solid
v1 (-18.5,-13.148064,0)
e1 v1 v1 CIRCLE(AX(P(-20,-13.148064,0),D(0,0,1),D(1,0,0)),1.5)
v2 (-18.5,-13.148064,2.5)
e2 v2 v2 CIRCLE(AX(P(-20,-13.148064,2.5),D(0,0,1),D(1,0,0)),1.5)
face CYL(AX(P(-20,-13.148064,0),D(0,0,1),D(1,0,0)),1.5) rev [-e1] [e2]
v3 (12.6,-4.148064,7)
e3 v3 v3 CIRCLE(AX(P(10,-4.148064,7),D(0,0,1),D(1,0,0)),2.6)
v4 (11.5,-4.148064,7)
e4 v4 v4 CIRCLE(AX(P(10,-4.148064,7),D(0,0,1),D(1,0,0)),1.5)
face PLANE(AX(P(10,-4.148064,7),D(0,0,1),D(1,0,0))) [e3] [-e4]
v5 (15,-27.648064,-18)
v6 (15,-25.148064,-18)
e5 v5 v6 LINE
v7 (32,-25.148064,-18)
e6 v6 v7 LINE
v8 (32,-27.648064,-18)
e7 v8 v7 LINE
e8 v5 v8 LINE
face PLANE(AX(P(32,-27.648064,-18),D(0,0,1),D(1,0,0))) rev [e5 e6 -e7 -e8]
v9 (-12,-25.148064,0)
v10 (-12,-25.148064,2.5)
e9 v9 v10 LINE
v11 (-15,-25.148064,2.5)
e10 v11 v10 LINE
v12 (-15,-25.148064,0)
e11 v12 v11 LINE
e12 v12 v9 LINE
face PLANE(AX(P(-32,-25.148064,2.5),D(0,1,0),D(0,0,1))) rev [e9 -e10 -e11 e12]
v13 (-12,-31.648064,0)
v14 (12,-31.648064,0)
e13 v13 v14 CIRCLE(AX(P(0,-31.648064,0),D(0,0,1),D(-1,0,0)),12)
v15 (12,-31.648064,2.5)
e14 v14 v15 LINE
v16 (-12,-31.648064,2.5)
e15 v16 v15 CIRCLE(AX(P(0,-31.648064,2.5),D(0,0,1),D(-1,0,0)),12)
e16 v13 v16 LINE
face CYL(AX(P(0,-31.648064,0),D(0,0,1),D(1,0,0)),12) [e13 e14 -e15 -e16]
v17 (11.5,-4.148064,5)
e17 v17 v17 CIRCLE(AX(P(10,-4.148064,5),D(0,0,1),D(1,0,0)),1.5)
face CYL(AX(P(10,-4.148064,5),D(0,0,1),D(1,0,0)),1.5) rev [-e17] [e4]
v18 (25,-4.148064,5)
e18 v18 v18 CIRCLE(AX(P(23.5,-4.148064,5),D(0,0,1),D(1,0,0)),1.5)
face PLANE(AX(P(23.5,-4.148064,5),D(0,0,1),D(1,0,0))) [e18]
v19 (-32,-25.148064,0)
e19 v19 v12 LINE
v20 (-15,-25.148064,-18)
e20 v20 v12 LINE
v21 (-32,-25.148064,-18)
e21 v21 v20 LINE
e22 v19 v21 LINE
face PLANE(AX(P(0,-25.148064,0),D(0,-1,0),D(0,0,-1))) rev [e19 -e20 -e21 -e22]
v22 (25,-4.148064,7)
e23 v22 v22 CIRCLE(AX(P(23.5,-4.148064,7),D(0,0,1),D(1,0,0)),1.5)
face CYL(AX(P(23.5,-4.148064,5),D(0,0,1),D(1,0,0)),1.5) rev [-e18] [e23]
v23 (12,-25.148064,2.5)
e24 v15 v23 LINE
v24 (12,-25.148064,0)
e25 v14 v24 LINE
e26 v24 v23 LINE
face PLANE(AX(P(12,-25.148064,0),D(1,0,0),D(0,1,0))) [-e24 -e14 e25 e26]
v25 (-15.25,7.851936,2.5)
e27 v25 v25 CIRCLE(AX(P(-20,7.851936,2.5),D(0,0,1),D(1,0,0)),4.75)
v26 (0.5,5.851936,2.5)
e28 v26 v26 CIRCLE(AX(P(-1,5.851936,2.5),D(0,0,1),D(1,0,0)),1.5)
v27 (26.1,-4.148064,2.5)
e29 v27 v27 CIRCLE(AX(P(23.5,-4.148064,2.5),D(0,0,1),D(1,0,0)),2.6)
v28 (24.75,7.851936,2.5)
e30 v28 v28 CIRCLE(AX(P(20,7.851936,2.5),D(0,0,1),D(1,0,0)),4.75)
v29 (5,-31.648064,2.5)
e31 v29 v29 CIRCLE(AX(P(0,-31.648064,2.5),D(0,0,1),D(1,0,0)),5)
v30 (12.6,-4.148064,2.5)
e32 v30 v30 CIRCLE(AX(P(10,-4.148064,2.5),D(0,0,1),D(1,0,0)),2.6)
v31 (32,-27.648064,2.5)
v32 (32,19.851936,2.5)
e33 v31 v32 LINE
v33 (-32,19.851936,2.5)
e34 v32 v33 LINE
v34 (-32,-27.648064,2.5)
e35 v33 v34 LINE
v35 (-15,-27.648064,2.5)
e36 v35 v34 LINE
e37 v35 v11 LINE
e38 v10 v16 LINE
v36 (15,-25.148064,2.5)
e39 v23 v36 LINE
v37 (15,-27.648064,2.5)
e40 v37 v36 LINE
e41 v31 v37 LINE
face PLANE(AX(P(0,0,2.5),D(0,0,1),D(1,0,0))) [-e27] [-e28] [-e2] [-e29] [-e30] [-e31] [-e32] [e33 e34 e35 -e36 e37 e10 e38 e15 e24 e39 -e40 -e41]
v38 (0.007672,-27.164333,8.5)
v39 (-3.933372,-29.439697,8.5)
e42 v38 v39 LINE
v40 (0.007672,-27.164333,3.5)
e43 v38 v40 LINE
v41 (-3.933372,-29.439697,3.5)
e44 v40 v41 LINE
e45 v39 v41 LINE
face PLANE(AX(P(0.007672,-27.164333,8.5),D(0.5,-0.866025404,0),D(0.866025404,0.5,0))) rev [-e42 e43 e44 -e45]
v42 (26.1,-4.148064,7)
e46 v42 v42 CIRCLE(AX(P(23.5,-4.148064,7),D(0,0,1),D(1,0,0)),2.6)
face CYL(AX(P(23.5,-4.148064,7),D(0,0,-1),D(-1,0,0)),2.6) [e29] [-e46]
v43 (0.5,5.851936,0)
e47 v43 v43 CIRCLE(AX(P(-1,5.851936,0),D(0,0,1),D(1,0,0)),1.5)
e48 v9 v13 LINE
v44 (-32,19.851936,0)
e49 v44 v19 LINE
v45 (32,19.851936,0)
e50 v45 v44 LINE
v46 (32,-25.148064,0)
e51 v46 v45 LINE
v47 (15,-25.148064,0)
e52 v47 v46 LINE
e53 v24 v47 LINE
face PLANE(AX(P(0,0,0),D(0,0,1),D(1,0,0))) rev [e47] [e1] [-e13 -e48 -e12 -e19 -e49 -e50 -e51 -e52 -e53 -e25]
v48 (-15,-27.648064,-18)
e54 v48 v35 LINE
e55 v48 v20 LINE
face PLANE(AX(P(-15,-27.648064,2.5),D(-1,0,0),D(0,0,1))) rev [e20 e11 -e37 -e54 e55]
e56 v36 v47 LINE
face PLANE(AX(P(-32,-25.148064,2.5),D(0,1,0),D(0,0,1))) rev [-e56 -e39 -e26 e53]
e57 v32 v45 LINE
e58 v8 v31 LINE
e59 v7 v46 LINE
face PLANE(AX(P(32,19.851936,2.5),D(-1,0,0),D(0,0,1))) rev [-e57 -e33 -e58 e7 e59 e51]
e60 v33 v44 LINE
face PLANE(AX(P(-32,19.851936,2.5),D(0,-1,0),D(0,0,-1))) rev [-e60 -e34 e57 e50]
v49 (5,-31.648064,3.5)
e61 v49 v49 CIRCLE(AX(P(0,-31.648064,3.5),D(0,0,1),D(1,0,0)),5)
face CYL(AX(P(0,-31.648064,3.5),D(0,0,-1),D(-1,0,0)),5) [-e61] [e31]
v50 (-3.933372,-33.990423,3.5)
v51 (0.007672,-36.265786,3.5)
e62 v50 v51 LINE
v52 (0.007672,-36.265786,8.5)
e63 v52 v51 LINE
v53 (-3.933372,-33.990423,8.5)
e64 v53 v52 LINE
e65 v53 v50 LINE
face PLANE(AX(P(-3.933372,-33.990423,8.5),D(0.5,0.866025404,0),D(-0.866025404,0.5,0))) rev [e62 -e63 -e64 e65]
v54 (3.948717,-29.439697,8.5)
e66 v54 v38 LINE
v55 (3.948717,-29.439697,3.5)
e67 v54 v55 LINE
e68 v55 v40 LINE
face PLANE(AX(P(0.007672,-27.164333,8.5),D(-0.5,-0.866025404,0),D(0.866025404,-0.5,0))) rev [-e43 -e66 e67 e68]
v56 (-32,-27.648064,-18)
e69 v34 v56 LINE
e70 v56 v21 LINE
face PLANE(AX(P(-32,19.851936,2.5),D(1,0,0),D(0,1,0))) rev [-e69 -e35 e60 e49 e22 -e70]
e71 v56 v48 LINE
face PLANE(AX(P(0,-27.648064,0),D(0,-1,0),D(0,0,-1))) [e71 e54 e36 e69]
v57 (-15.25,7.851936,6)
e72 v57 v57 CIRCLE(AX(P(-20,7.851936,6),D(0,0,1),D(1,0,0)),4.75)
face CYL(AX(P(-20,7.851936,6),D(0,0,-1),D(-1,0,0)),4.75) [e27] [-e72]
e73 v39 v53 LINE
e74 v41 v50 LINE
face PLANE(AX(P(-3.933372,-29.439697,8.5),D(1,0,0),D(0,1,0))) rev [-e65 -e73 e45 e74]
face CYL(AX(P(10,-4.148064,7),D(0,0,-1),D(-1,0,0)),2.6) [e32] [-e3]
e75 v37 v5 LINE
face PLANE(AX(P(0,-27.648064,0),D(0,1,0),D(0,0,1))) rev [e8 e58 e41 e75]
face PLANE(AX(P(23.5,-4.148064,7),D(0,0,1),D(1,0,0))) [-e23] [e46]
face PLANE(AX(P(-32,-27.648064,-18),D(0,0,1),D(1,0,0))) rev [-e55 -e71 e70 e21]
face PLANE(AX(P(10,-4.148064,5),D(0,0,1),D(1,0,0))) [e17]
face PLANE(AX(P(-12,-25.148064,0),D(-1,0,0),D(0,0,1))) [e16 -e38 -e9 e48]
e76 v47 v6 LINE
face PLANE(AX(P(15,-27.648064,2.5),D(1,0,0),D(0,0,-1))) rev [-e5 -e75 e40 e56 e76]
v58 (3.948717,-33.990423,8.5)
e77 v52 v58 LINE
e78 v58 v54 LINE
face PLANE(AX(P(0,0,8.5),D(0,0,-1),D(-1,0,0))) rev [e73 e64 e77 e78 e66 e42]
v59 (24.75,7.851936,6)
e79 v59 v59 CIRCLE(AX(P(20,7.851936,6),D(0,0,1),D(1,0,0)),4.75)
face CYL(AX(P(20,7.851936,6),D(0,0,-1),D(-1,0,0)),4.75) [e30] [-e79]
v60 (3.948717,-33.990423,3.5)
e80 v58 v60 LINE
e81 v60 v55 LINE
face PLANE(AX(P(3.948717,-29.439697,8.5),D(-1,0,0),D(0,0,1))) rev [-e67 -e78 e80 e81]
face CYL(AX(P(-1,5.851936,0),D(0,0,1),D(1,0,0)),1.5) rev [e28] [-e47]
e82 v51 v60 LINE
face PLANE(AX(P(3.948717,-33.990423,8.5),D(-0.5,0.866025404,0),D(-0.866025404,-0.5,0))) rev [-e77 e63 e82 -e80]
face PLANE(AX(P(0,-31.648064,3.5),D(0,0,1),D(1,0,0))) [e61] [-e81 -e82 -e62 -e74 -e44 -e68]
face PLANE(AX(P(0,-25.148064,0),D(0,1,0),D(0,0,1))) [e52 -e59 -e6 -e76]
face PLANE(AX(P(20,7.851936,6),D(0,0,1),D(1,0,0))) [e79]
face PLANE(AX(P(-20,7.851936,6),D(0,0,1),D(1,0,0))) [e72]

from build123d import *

# Parameters (mm, degrees)
SKETCH1_W           = 64
SKETCH1_H           = 45
BOSS_EXTRUDE1_DEPTH = 2.5
SKETCH3_W           = 17
SKETCH3_H           = 20.5
BOSS_EXTRUDE2_DEPTH = 2.5
BOSS_EXTRUDE4_DEPTH = 2.5
SKETCH6_R           = 5
BOSS_EXTRUDE5_DEPTH = 1
BOSS_EXTRUDE6_DEPTH = 5
SKETCH8_R           = 1.5
CUT_EXTRUDE1_DEPTH  = 2.5
SKETCH9_R           = 4.75
BOSS_EXTRUDE7_DEPTH = 3.5
SKETCH10_R          = 2.6
BOSS_EXTRUDE8_DEPTH = 4.5
SKETCH11_R          = 1.5
CUT_EXTRUDE2_DEPTH  = 2
SKETCH12_R          = 1.5
CUT_EXTRUDE3_DEPTH  = 2


with BuildPart() as part:
    # Sketch1 → Boss-Extrude1 (new body)
    with BuildSketch(Plane.XY):
        with Locations((0, -2.648063781)):
            Rectangle(SKETCH1_W, SKETCH1_H)
    extrude(amount=BOSS_EXTRUDE1_DEPTH)

    # Sketch3 → Boss-Extrude2 (add)
    with BuildSketch(Plane.XZ.offset(25.148063781)):
        with Locations((-23.5, -7.75)):
            Rectangle(SKETCH3_W, SKETCH3_H)
        with Locations((23.5, -7.75)):
            Rectangle(SKETCH3_W, SKETCH3_H)
    extrude(amount=BOSS_EXTRUDE2_DEPTH)

    # Sketch5 → Boss-Extrude4 (add)
    with BuildSketch(Plane.XY.offset(2.5)):
        with BuildLine():
            Line((-12, -25.148063781), (-12, -31.648063781))
            ThreePointArc((-12, -31.648063781), (0, -43.648063781), (12, -31.648063781))
            Line((12, -31.648063781), (12, -25.148063781))
            Line((12, -25.148063781), (-12, -25.148063781))
        make_face()
    extrude(amount=-BOSS_EXTRUDE4_DEPTH)

    # Sketch6 → Boss-Extrude5 (add)
    with BuildSketch(Plane.XY.offset(2.5)):
        with Locations((0, -31.648063781)):
            Circle(SKETCH6_R)
    extrude(amount=BOSS_EXTRUDE5_DEPTH)

    # Sketch7 → Boss-Extrude6 (add)
    with BuildSketch(Plane.XY.offset(3.5)):
        Polygon((0.007672283, -27.164333449), (-3.933372225, -29.439696556), (-3.933372225, -33.990422772), (0.007672283, -36.26578588), (3.948716792, -33.990422772), (3.948716792, -29.439696556), align=None)
    extrude(amount=BOSS_EXTRUDE6_DEPTH)

    # Sketch8 → Cut-Extrude1 (cut)
    with BuildSketch(Plane.XY.offset(2.5)):
        with Locations((-20, -13.148063781)):
            Circle(SKETCH8_R)
        with Locations((-1, 5.851936219)):
            Circle(SKETCH8_R)
    extrude(amount=-CUT_EXTRUDE1_DEPTH, mode=Mode.SUBTRACT)

    # Sketch9 → Boss-Extrude7 (add)
    with BuildSketch(Plane.XY.offset(2.5)):
        with Locations((-20, 7.851936219)):
            Circle(SKETCH9_R)
        with Locations((20, 7.851936219)):
            Circle(SKETCH9_R)
    extrude(amount=BOSS_EXTRUDE7_DEPTH)

    # Sketch10 → Boss-Extrude8 (add)
    with BuildSketch(Plane.XY.offset(2.5)):
        with Locations((10, -4.148063781)):
            Circle(SKETCH10_R)
        with Locations((23.5, -4.148063781)):
            Circle(SKETCH10_R)
    extrude(amount=BOSS_EXTRUDE8_DEPTH)

    # Sketch11 → Cut-Extrude2 (cut)
    with BuildSketch(Plane.XY.offset(7)):
        with Locations((10, -4.148063781)):
            Circle(SKETCH11_R)
    extrude(amount=-CUT_EXTRUDE2_DEPTH, mode=Mode.SUBTRACT)

    # Sketch12 → Cut-Extrude3 (cut)
    with BuildSketch(Plane.XY.offset(7)):
        with Locations((23.5, -4.148063781)):
            Circle(SKETCH12_R)
    extrude(amount=-CUT_EXTRUDE3_DEPTH, mode=Mode.SUBTRACT)


solid = part.part
